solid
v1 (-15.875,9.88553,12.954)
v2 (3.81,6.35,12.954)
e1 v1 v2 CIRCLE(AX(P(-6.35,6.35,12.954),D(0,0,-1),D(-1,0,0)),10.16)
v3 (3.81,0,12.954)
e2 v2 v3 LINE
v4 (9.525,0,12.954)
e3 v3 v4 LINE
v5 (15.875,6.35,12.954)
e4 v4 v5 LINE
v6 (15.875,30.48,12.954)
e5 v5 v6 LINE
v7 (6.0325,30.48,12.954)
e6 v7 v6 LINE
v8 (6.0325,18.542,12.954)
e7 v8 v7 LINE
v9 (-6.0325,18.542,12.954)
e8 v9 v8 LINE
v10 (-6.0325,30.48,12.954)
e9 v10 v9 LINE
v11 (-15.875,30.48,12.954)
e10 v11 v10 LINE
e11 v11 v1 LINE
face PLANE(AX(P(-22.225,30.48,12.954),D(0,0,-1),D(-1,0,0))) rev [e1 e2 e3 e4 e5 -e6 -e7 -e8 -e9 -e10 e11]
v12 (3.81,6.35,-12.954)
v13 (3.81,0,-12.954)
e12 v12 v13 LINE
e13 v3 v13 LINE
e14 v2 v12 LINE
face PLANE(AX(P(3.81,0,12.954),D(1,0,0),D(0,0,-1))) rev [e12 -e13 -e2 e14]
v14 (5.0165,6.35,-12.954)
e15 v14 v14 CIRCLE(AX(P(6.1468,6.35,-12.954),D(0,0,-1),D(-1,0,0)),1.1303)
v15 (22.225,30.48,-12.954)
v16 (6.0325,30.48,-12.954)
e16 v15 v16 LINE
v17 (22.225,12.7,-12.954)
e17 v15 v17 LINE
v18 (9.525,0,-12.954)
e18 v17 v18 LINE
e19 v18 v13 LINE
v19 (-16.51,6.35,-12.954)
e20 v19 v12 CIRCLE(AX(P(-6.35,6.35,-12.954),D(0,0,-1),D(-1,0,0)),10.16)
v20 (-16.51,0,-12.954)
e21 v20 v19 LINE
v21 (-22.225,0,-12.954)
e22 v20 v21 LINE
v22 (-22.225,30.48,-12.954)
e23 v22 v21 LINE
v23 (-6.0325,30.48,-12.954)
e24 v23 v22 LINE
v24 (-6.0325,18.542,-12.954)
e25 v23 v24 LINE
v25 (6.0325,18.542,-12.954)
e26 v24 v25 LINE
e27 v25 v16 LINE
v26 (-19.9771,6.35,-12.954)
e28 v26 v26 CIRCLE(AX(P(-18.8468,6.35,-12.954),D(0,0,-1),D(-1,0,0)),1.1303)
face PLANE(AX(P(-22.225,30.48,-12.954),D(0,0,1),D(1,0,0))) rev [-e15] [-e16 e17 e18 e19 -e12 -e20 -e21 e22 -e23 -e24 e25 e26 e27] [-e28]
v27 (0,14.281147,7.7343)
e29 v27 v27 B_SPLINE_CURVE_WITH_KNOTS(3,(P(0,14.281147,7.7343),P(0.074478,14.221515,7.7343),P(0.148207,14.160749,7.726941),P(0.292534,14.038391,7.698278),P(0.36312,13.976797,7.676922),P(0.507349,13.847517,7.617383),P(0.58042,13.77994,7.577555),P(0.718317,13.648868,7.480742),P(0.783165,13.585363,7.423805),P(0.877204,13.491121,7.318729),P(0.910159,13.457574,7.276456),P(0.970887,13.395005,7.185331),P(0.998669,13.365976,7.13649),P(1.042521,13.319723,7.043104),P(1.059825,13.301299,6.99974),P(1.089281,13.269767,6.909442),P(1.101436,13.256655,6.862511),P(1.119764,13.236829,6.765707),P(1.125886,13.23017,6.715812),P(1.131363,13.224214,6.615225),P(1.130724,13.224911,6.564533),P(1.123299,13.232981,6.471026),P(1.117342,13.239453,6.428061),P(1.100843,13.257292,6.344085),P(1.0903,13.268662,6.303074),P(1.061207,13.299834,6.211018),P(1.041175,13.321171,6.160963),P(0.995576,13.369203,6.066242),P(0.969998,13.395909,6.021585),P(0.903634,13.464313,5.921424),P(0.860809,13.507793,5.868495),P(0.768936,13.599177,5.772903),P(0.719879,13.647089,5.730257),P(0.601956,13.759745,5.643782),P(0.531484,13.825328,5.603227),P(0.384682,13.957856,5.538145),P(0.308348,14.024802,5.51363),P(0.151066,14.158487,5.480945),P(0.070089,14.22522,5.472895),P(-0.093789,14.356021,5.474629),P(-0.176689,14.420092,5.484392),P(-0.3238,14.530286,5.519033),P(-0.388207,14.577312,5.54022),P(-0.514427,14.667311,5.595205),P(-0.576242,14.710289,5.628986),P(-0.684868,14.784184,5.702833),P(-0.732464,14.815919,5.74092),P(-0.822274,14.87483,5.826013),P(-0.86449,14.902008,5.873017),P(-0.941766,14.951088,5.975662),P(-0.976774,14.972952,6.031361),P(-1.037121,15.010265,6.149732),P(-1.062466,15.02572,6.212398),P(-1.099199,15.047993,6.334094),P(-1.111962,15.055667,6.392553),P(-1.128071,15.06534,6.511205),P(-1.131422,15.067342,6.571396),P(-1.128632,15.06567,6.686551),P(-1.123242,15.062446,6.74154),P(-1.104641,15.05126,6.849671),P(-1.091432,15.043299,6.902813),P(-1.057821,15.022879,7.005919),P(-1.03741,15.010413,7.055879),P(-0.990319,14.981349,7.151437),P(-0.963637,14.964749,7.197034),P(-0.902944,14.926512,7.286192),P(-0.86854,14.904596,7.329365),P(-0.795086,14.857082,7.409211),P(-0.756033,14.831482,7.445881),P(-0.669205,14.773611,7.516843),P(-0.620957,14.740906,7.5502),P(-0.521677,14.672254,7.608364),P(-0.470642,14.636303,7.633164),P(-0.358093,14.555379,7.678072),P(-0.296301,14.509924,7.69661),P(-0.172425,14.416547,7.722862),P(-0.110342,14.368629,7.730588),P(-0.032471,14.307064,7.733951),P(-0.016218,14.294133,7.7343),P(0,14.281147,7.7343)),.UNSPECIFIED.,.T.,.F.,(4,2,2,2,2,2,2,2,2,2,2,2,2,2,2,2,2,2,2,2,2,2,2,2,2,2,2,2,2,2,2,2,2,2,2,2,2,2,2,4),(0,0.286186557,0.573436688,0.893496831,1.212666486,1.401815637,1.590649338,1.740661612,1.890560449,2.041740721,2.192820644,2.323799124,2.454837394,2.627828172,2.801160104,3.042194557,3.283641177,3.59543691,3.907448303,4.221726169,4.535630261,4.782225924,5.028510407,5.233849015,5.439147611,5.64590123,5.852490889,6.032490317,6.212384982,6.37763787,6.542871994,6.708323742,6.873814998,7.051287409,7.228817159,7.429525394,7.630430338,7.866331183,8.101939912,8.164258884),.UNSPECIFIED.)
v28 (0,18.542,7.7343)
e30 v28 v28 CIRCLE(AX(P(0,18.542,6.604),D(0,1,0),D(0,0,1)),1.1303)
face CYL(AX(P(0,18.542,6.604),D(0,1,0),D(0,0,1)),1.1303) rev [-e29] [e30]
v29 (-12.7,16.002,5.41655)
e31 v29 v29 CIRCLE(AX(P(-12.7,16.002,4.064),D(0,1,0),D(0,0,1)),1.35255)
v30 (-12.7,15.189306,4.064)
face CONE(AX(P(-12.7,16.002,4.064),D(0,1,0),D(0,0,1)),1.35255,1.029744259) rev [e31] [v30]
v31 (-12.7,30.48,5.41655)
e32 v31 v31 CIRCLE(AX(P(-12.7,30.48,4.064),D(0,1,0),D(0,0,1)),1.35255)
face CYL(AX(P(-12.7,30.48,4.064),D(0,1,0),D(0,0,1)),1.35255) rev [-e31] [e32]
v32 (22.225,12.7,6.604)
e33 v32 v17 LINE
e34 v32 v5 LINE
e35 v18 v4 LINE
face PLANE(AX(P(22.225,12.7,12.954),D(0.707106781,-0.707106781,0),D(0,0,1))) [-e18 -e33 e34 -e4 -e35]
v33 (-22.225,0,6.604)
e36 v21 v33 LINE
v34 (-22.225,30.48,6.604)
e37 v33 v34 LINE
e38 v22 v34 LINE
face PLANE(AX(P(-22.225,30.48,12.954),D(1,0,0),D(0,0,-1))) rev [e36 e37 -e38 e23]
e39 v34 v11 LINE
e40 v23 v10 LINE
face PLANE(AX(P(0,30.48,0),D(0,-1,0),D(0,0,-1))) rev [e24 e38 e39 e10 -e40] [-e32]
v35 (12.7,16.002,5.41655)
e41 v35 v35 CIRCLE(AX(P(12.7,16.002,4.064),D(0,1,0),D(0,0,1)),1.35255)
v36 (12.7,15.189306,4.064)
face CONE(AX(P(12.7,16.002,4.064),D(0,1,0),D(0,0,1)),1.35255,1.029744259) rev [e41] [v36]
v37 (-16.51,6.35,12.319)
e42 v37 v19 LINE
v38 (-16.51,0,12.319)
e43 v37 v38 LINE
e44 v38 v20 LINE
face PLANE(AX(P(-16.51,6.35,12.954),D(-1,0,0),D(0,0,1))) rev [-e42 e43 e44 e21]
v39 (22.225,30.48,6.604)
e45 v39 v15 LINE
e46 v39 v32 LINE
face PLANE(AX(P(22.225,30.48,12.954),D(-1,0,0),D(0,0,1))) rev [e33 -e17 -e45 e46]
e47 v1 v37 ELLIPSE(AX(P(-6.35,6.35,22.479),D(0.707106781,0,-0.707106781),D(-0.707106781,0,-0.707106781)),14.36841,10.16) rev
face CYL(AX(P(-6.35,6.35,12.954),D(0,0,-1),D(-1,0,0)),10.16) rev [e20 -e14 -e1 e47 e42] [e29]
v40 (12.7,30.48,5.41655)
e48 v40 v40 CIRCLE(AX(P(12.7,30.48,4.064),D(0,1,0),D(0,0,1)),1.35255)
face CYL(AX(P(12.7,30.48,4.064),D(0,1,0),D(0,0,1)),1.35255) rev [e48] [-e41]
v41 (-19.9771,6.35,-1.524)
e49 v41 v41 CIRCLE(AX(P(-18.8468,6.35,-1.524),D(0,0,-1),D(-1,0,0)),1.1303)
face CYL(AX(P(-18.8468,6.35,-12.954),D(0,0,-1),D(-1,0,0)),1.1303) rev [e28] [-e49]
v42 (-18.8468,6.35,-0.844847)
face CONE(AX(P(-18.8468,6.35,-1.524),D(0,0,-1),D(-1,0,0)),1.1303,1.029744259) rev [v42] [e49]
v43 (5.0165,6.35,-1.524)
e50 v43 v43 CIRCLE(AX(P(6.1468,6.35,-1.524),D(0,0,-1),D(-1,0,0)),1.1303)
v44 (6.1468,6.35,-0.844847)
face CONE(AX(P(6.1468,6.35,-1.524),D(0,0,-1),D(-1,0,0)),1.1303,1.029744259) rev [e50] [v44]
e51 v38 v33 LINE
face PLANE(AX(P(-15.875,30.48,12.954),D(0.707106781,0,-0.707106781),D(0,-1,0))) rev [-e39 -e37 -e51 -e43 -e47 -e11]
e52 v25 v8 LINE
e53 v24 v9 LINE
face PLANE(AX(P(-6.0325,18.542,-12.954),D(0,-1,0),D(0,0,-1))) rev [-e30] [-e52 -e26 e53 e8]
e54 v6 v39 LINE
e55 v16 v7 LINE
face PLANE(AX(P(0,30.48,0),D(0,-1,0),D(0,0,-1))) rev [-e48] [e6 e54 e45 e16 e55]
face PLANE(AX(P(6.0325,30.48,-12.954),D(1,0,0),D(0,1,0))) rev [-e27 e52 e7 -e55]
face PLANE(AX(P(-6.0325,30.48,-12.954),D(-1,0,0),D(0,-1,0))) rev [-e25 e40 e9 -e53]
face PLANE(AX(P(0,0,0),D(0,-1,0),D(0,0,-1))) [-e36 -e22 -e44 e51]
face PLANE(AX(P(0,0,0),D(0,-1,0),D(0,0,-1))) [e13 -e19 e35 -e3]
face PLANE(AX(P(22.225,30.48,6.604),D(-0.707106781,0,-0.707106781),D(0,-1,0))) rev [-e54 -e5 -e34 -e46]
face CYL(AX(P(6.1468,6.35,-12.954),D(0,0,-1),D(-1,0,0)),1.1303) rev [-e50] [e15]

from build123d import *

# Parameters (mm, degrees)
SKETCH1_W                 = 44.45
SKETCH1_H                 = 25.908
BOSS_EXTRUDE1_DEPTH       = 30.48
SIDECHAMFER_SIZE          = 12.7
BACKCHAMFERS_SIZE         = 6.35
SKETCH2_W                 = 12.065
SKETCH2_H                 = 11.938
LINACTSLOT_DEPTH          = 46.762489978
MOUTINGHOLES_D            = 2.7051
MOUTINGHOLES_DEPTH        = 14.478
MOUTINGHOLES_TIP          = 0.81269403
CUT_EXTRUDE1_DEPTH        = 46.762489978
MOTORMOUNTINGHOLES2_D     = 2.2606
MOTORMOUNTINGHOLES2_DEPTH = 11.43
MOTORMOUNTINGHOLES2_TIP   = 0.679152758
GRIPPERSETSCREW_D         = 2.2606


with BuildPart() as part:
    # Sketch1 → Boss-Extrude1 (new body)
    with BuildSketch(Plane(origin=(0, 0, 0), x_dir=(1, 0, 0), z_dir=(0, 1, 0))):
        Rectangle(SKETCH1_W, SKETCH1_H)
    extrude(amount=BOSS_EXTRUDE1_DEPTH)

    # SideChamfer
    sidechamfer_edges = [part.edges().sort_by_distance(p)[0] for p in [
        (22.225, 0, 0),
    ]]
    chamfer(sidechamfer_edges, length=SIDECHAMFER_SIZE)

    # BackChamfers
    backchamfers_edges = [part.edges().sort_by_distance(p)[0] for p in [
        (22.225, 21.59, 12.954),
        (-22.225, 15.24, 12.954),
    ]]
    chamfer(backchamfers_edges, length=BACKCHAMFERS_SIZE)

    # Sketch2 → LinActSlot (cut, through all)
    with BuildSketch(Plane.XY.offset(12.954)):
        with Locations((0, 24.511)):
            Rectangle(SKETCH2_W, SKETCH2_H)
    extrude(amount=-LINACTSLOT_DEPTH, mode=Mode.SUBTRACT)

    # MoutingHoles
    with Locations(Plane(origin=(14.160350453, 30.48, 8.373414988), x_dir=(-1, 0, 0), z_dir=(0, 1, 0))):
        with Locations((1.460350453, -4.309414988), (26.860350453, -4.309414988)):
            Hole(MOUTINGHOLES_D / 2, depth=MOUTINGHOLES_DEPTH)
            with Locations((0, 0, -(MOUTINGHOLES_DEPTH + MOUTINGHOLES_TIP / 2))):  # 118° drill point
                Cone(0, MOUTINGHOLES_D / 2, MOUTINGHOLES_TIP, mode=Mode.SUBTRACT)

    # Sketch11 → Cut-Extrude1 (cut, through all)
    with BuildSketch(Plane(origin=(0, 0, -12.954), x_dir=(-1, 0, 0), z_dir=(0, 0, -1))):
        with BuildLine():
            Line((16.51, 6.35), (16.51, 0))
            Line((16.51, 0), (-3.81, 0))
            Line((-3.81, 0), (-3.81, 6.35))
            ThreePointArc((-3.81, 6.35), (6.35, 16.51), (16.51, 6.35))
        make_face()
    extrude(amount=-CUT_EXTRUDE1_DEPTH, mode=Mode.SUBTRACT)

    # MotorMountingHoles2
    with Locations(Plane(origin=(0, 0, -12.954), x_dir=(-1, 0, 0), z_dir=(0, 0, -1))):
        with Locations((18.8468, 6.35), (-6.1468, 6.35)):
            Hole(MOTORMOUNTINGHOLES2_D / 2, depth=MOTORMOUNTINGHOLES2_DEPTH)
            with Locations((0, 0, -(MOTORMOUNTINGHOLES2_DEPTH + MOTORMOUNTINGHOLES2_TIP / 2))):  # 118° drill point
                Cone(0, MOTORMOUNTINGHOLES2_D / 2, MOTORMOUNTINGHOLES2_TIP, mode=Mode.SUBTRACT)

    # GripperSetScrew (through all)
    with Locations(Plane(origin=(0, 18.542, 0), x_dir=(1, 0, 0), z_dir=(0, 1, 0))):
        with Locations((0, -6.604)):
            Hole(GRIPPERSETSCREW_D / 2)


solid = part.part
